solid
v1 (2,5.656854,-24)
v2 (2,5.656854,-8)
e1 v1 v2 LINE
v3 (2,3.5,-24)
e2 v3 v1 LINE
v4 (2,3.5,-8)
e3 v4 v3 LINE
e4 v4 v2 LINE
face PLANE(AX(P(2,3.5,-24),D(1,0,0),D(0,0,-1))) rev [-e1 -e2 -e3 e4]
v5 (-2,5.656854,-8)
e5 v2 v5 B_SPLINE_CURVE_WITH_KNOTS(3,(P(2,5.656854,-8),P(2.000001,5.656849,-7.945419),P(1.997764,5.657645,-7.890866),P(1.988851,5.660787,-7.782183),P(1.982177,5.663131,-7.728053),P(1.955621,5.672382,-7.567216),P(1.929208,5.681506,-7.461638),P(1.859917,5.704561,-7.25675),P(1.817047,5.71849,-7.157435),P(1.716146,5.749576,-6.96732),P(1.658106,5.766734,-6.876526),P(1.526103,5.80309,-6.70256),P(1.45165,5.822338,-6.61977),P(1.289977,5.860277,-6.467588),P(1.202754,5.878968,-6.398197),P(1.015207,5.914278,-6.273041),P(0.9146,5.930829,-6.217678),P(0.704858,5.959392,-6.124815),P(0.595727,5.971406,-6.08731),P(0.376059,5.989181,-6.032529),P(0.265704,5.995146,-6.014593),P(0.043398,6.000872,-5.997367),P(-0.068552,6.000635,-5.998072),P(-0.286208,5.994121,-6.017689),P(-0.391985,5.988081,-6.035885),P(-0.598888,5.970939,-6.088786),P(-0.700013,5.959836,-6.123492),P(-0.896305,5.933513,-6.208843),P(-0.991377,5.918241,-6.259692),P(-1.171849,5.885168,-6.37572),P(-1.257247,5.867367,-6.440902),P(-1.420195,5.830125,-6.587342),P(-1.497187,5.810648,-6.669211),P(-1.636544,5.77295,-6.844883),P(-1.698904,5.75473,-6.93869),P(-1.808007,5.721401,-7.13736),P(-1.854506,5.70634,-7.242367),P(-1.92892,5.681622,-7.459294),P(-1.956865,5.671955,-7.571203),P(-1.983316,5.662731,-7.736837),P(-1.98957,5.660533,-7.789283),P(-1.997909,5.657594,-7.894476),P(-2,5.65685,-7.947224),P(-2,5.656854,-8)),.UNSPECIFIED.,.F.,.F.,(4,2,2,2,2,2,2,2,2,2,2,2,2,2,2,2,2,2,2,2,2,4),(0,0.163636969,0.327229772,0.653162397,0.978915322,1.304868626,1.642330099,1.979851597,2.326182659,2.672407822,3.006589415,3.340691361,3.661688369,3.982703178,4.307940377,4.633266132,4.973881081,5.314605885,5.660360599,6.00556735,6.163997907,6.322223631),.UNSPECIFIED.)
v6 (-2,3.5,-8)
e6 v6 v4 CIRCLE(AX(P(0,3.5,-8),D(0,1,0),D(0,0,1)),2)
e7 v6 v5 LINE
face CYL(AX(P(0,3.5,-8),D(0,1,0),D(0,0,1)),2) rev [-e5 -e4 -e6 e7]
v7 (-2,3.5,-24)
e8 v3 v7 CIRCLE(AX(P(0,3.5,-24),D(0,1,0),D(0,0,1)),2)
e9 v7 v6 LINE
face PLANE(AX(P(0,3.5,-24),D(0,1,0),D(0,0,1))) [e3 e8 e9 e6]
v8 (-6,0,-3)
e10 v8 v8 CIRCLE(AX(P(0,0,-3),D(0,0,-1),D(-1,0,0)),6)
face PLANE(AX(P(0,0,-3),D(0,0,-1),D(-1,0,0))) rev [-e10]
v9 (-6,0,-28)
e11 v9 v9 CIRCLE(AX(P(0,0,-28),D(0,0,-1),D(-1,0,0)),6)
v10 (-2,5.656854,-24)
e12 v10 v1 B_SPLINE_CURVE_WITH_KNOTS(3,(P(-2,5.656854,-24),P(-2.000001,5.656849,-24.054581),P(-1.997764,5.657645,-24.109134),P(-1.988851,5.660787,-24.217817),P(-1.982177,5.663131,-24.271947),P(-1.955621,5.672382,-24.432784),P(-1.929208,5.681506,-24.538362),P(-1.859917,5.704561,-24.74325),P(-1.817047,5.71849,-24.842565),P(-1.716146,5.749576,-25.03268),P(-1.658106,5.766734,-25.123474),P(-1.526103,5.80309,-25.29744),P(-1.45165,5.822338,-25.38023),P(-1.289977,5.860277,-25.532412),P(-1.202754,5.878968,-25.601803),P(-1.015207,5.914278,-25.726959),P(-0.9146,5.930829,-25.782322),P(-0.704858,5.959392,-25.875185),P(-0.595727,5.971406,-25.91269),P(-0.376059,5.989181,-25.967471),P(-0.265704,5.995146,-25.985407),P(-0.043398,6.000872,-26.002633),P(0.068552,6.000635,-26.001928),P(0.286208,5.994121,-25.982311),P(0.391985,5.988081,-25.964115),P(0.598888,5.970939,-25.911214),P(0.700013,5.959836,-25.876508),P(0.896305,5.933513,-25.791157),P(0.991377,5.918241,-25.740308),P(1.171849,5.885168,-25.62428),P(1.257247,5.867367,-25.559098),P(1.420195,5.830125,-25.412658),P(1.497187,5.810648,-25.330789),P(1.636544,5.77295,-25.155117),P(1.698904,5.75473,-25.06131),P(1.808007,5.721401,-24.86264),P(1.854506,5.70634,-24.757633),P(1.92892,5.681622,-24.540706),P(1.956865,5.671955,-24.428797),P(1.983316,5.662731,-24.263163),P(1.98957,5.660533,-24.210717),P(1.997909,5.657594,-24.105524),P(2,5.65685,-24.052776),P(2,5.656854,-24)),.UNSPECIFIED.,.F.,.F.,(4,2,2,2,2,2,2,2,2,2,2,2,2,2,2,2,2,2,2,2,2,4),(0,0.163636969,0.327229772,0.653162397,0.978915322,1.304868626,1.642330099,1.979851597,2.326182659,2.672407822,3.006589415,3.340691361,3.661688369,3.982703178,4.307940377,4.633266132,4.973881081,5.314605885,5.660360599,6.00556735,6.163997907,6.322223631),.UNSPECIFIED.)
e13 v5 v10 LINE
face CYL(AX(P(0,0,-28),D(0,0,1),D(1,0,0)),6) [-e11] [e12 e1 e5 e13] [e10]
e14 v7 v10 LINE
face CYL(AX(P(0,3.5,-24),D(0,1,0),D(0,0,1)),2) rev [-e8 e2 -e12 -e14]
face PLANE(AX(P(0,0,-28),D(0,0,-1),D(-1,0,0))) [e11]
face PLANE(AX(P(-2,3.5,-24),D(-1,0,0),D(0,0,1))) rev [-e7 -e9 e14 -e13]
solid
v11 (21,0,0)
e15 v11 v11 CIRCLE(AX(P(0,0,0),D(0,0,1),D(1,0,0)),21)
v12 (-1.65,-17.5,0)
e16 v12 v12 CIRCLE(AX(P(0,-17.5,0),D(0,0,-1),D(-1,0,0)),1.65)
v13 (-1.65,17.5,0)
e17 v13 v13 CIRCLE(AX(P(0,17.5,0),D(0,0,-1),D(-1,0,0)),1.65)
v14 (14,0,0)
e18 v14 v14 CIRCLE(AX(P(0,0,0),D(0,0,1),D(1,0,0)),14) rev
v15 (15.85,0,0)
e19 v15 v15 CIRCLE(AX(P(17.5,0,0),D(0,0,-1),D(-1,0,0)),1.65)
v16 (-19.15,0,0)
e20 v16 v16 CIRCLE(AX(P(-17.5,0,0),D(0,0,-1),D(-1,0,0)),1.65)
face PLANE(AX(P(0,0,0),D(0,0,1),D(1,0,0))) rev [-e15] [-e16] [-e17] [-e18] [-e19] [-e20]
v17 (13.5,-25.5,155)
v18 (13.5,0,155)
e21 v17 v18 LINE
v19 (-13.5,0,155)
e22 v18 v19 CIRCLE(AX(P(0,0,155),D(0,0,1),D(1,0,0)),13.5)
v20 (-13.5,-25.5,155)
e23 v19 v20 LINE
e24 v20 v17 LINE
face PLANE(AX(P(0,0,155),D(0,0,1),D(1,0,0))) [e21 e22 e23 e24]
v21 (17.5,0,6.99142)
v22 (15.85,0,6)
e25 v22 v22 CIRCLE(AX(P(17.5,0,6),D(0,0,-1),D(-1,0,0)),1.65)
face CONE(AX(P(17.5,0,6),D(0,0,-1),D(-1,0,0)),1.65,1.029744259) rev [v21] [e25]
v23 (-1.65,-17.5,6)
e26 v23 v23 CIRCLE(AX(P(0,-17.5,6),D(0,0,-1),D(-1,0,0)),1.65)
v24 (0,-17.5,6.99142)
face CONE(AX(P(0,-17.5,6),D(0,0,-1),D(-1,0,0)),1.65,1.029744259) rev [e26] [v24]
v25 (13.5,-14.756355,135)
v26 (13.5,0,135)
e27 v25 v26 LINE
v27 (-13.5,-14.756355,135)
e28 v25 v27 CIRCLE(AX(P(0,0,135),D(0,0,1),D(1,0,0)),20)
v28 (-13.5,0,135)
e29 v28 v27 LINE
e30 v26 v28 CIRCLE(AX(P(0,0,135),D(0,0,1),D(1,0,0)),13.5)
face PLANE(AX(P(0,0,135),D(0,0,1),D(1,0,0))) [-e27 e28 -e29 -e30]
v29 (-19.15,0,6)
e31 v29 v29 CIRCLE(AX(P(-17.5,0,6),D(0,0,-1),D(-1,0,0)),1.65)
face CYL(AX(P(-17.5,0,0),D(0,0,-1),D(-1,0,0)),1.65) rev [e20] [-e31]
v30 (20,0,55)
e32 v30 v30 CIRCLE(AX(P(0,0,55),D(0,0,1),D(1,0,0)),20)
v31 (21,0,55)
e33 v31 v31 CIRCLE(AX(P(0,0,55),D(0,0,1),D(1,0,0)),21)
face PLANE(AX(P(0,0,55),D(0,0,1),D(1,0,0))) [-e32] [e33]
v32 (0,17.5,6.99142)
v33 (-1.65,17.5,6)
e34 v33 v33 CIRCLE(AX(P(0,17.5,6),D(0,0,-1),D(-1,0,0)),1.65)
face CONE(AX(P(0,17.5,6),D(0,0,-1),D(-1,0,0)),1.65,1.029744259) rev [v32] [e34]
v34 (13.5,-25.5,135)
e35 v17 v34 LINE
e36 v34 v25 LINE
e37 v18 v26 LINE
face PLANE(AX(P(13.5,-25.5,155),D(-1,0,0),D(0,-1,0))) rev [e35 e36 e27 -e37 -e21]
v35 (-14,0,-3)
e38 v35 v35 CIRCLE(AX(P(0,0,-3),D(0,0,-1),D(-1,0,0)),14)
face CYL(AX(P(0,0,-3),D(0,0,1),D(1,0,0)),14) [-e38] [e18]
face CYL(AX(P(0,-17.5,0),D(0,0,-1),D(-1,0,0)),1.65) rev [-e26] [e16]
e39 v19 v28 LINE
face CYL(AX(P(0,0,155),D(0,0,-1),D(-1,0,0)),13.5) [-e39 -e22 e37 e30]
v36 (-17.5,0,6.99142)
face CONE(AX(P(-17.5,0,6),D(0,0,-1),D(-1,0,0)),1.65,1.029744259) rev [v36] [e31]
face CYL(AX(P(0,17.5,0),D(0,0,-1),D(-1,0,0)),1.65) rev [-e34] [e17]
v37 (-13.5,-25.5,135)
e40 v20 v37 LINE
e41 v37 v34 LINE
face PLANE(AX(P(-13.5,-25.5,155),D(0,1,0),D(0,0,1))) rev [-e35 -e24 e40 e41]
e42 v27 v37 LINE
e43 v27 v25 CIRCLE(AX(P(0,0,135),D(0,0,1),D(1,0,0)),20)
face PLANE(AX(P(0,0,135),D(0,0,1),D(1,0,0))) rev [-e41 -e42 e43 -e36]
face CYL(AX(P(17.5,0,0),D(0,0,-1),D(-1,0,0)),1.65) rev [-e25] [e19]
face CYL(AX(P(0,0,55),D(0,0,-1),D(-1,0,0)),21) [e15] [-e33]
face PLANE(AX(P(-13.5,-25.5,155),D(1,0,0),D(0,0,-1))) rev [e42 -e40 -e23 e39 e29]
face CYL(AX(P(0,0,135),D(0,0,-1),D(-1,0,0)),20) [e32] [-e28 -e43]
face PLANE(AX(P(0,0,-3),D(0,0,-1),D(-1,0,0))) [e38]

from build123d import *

# Parameters (mm, degrees)
SKETCH_1_R                  = 21
EXTRUDE_356_DEPTH           = 55
SKETCH_2_R                  = 20
EXTRUDE_456_DEPTH           = 80
EXTRUDE_680_DEPTH           = 20
SKETCH_5_R                  = 14
EXTRUDE_800_DEPTH           = 3
SKETCH_4_R                  = 6
EXTRUDE_922_DEPTH           = 25
CUT_EXTRUDE_1_DEPTH         = 2.5
HOLE_WIZARD_M4_1_AT_2_COUNT = 2
HOLE_WIZARD_M4_1_AT_2_PITCH = 24.748737342
HOLE_WIZARD_M4_1_AT_3_COUNT = 2
HOLE_WIZARD_M4_1_AT_3_PITCH = 35
HOLE_WIZARD_M4_1_AT_4_COUNT = 2
HOLE_WIZARD_M4_1_AT_4_PITCH = 24.748737342


with BuildPart() as part:
    # 草图1 → Extrude 356 (new body)
    with BuildSketch(Plane.XY):
        Circle(SKETCH_1_R)
    extrude(amount=EXTRUDE_356_DEPTH)

    # 草图2 → Extrude 456 (add)
    with BuildSketch(Plane.XY.offset(55)):
        Circle(SKETCH_2_R)
    extrude(amount=EXTRUDE_456_DEPTH)

    # 草图3 → Extrude 680 (add)
    with BuildSketch(Plane.XY.offset(135)):
        with BuildLine():
            Line((-13.5, -25.5), (13.5, -25.5))
            Line((13.5, -25.5), (13.5, 0))
            ThreePointArc((13.5, 0), (0, 13.5), (-13.5, 0))
            Line((-13.5, 0), (-13.5, -25.5))
        make_face()
    extrude(amount=EXTRUDE_680_DEPTH)

    # 草图5 → Extrude 800 (add)
    with BuildSketch(Plane(origin=(0, 0, 0), x_dir=(-1, 0, 0), z_dir=(0, 0, -1))):
        with Locations(Location((0, 0, 0), (0, 0, 180))):
            Circle(SKETCH_5_R)
    extrude(amount=EXTRUDE_800_DEPTH)

    # 草图7 → M4 螺纹孔1 (revolve, cut)
    with BuildSketch(Plane(origin=(0, 17.5, 0), x_dir=(0, 1, 0), z_dir=(1, 0, 0))):
        Polygon((0, 0), (0, 6.991420021), (1.65, 6), (1.65, 0), align=None)
    hole_wizard_m4_1 = revolve(axis=Axis((0, 17.5, -6.35), (0, 0, 1)), mode=Mode.SUBTRACT)

    # M4 螺纹孔1 at 2: M4 螺纹孔1 ×2
    with Locations(*[Vector(-0.7071067811865575, -0.7071067811865376, 0) * (i * HOLE_WIZARD_M4_1_AT_2_PITCH) for i in range(1, HOLE_WIZARD_M4_1_AT_2_COUNT)]):
        add(hole_wizard_m4_1, mode=Mode.SUBTRACT)

    # M4 螺纹孔1 at 3: M4 螺纹孔1 ×2
    with Locations(*[(0, -i * HOLE_WIZARD_M4_1_AT_3_PITCH, 0) for i in range(1, HOLE_WIZARD_M4_1_AT_3_COUNT)]):
        add(hole_wizard_m4_1, mode=Mode.SUBTRACT)

    # M4 螺纹孔1 at 4: M4 螺纹孔1 ×2
    with Locations(*[Vector(0.7071067811865376, -0.7071067811865576, 0) * (i * HOLE_WIZARD_M4_1_AT_4_PITCH) for i in range(1, HOLE_WIZARD_M4_1_AT_4_COUNT)]):
        add(hole_wizard_m4_1, mode=Mode.SUBTRACT)


with BuildPart() as body_2:
    # 草图4 → Extrude 922 (new body)
    with BuildSketch(Plane(origin=(0, 0, -3), x_dir=(-1, 0, 0), z_dir=(0, 0, -1))):
        Circle(SKETCH_4_R)
    extrude(amount=EXTRUDE_922_DEPTH)

    # 草图6 → 切除-拉伸1 (cut)
    with BuildSketch(Plane(origin=(0, 6, 0), x_dir=(-1, 0, 0), z_dir=(0, 1, 0))):
        with BuildLine():
            Line((-2, -24), (-2, -8))
            ThreePointArc((-2, -8), (0, -6), (2, -8))
            Line((2, -8), (2, -24))
            ThreePointArc((2, -24), (0, -26), (-2, -24))
        make_face()
    extrude(amount=-CUT_EXTRUDE_1_DEPTH, mode=Mode.SUBTRACT)


solid = Compound([part.part, body_2.part])
